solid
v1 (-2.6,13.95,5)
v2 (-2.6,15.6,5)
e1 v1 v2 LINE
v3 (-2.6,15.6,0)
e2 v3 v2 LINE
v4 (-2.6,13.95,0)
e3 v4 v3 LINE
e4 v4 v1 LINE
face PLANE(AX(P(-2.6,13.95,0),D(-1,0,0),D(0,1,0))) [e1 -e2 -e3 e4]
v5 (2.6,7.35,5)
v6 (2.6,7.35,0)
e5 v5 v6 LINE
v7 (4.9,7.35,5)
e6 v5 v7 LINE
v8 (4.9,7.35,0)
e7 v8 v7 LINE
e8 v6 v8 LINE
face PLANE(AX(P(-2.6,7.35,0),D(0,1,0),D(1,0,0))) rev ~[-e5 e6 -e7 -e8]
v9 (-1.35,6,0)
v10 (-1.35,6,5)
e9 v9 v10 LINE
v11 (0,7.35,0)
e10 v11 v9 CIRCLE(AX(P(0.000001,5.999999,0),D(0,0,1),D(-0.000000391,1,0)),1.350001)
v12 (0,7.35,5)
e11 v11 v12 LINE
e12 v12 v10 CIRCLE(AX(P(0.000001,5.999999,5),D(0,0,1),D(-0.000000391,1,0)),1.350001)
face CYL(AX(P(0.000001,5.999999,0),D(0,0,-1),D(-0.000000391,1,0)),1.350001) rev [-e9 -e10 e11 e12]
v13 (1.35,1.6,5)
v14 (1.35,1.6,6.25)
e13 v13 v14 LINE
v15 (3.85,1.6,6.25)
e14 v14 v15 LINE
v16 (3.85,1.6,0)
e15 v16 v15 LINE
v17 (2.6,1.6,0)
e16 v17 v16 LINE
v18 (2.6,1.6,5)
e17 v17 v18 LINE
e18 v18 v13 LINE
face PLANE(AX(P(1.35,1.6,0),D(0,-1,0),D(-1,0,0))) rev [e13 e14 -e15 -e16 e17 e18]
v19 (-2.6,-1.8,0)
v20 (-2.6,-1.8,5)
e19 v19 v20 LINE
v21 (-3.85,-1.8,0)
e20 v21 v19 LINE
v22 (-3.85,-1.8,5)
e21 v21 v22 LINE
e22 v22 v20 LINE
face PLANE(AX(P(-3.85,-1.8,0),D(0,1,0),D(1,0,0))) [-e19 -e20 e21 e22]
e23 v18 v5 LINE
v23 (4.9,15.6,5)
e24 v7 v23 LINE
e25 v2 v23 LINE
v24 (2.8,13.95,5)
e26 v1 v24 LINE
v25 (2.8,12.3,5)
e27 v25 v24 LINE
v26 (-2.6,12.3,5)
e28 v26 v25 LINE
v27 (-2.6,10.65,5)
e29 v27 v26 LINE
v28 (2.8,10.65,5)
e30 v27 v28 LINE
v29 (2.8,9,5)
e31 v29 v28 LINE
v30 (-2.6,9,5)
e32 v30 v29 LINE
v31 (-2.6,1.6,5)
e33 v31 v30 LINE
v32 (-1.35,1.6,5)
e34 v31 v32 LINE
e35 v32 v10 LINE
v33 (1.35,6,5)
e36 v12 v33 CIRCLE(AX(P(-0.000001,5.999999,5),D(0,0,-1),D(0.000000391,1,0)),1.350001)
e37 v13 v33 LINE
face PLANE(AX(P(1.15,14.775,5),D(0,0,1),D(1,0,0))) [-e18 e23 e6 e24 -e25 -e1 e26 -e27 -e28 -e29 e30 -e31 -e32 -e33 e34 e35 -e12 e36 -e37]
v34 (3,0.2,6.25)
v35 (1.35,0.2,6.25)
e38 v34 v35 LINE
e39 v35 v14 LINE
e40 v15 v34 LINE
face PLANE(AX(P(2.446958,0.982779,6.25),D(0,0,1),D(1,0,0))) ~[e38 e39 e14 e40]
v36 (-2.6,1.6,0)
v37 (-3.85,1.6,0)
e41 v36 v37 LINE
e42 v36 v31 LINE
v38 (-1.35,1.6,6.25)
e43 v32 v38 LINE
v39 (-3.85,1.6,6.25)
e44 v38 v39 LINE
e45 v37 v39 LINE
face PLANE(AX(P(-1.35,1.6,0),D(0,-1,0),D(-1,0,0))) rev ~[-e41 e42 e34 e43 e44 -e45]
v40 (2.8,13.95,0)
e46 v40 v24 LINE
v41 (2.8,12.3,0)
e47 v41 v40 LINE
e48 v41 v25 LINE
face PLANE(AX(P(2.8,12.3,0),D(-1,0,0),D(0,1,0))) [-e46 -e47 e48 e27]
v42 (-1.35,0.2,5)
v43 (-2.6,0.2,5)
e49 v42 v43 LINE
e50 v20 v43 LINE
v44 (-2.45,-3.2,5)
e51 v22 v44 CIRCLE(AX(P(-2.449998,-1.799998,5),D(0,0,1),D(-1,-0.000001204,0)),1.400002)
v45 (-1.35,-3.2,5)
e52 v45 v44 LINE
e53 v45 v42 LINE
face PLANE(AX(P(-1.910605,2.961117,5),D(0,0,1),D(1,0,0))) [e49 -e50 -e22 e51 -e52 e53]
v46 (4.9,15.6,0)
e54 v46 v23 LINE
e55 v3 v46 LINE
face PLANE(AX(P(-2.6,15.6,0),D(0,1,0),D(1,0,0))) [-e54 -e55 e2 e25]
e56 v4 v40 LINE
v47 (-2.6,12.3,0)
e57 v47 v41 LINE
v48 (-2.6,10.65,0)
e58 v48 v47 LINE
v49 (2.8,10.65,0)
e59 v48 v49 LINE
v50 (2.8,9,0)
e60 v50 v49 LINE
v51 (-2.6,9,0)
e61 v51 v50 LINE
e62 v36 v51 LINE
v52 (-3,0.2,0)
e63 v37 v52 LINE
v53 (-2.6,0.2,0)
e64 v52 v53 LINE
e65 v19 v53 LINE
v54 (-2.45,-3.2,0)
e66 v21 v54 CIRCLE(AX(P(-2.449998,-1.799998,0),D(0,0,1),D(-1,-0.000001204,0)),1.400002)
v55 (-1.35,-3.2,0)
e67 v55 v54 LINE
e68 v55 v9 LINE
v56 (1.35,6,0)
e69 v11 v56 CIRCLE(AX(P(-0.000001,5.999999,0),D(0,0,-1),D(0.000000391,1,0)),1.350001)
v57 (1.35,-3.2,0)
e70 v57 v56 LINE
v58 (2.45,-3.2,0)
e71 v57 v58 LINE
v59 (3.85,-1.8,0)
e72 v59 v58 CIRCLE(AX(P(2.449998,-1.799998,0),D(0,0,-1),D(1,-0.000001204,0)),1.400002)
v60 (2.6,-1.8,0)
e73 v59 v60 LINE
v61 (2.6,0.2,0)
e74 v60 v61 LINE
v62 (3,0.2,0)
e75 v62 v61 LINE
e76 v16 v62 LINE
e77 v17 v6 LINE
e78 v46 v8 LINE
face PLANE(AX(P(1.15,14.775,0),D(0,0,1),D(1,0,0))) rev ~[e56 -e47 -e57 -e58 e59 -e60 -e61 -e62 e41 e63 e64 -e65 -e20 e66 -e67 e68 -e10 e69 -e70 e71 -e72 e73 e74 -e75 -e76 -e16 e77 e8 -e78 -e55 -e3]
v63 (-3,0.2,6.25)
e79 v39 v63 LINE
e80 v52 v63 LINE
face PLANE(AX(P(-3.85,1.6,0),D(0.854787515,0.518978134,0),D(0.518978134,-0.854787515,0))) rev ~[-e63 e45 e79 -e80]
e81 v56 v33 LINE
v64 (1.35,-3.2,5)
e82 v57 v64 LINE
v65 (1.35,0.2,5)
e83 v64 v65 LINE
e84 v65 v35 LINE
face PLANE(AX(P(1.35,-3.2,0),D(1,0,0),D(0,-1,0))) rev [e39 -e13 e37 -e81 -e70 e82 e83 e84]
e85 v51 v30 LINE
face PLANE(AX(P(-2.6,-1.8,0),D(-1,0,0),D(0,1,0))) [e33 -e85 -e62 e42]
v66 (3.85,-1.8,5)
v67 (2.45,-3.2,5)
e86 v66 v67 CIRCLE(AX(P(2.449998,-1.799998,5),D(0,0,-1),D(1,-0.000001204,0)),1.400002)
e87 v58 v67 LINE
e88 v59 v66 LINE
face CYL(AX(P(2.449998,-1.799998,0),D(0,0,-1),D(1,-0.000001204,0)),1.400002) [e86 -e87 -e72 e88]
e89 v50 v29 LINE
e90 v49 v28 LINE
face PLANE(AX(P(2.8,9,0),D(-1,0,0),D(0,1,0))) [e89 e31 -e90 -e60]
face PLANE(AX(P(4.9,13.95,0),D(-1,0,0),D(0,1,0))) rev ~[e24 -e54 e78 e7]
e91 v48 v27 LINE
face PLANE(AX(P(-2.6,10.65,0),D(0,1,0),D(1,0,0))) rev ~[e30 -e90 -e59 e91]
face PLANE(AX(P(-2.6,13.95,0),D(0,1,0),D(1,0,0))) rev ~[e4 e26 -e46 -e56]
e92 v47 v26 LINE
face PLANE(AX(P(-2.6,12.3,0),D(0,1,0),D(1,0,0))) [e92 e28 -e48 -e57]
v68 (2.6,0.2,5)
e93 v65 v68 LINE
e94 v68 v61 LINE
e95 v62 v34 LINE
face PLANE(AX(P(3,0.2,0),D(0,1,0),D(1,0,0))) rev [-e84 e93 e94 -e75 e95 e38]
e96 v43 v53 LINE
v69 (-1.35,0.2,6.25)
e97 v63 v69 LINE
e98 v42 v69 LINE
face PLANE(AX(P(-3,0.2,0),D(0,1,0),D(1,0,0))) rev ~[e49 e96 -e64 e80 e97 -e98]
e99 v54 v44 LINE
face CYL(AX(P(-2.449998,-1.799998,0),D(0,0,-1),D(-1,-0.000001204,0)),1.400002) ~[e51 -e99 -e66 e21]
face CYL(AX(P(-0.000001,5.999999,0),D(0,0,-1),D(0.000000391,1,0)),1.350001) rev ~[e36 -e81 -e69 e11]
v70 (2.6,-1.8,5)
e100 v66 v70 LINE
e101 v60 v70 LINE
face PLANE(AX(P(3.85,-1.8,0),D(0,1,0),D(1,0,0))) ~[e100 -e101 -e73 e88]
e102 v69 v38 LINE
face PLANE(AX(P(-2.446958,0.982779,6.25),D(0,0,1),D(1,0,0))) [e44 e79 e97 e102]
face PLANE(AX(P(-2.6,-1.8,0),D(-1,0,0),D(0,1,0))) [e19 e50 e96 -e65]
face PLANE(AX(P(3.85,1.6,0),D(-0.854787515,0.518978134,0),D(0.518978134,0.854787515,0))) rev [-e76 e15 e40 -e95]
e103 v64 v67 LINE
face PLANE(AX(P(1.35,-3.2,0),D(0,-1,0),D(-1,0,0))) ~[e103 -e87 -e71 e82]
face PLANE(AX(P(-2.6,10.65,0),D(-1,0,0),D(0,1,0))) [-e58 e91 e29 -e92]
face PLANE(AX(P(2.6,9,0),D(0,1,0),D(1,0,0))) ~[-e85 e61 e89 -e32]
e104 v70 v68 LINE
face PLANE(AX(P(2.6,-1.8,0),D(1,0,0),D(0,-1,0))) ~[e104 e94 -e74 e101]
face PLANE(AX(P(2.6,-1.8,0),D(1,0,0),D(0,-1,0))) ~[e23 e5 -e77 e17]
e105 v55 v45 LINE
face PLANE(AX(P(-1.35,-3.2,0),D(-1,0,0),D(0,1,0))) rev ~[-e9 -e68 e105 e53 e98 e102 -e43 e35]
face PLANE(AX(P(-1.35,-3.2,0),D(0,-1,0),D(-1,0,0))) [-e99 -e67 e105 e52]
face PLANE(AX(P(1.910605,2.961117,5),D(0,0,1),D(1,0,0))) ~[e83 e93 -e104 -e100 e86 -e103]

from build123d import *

# Parameters (mm, degrees)
PAD017_DEPTH           = 5
PAD020_DEPTH           = 6.25
SKETCH112_W            = 7.5
SKETCH112_H            = 1.65
PAD082_DEPTH           = 5
SKETCH113_W            = 2.1
SKETCH113_H            = 1.65
PAD083_DEPTH           = 5
SKETCH111_W            = 7.5
SKETCH111_H            = 1.65
PAD084_DEPTH           = 5
LINEARPATTERN026_COUNT = 2
LINEARPATTERN026_PITCH = 3.3


with BuildPart() as bc_c:
    # Sketch034 → Pad017 (new body)
    with BuildSketch(Plane.XY):
        with BuildLine():
            Line((-1.35, -1.8), (-1.35, 6))
            ThreePointArc((0, 7.35), (-0.954594, 6.954594), (-1.35, 6))
            Line((0, 9), (0, 7.35))
            Line((-2.6, 9), (0, 9))
            Line((-2.6, -1.8), (-2.6, 9))
            Line((-3.85, -1.8), (-2.6, -1.8))
            ThreePointArc((-3.85, -1.8), (-3.439949, -2.789949), (-2.45, -3.2))
            Line((-1.35, -3.2), (-2.45, -3.2))
            Line((-1.35, -1.8), (-1.35, -3.2))
        make_face()
    extrude(amount=PAD017_DEPTH)

    # Sketch037 → Pad020 (join)
    with BuildSketch(Plane.XY):
        Polygon((-1.35, 0.2), (-1.35, 1.6), (-2.6, 1.6), (-3.85, 1.6), (-3, 0.2), (-2.6, 0.2), align=None)
    extrude(amount=PAD020_DEPTH)


with BuildPart() as bc_s_mirrored:
    # Mirror001: instance of _bc_c
    add(bc_c.part.mirror(Plane(origin=(0, 0, 0), x_dir=(0, 1, 0), z_dir=(-1, 0, 0))))


with BuildPart() as body042:
    # Fusion001 base: copy of _bc_c
    add(bc_c.part)

    # Fusion001: union _bc_s(mirrored)
    add(bc_s_mirrored.part)

    # Sketch112 → Pad082 (new body)
    with BuildSketch(Plane.XY):
        with Locations((1.15, 8.175)):
            Rectangle(SKETCH112_W, SKETCH112_H)
    pad082 = extrude(amount=PAD082_DEPTH)

    # Sketch113 → Pad083 (join)
    with BuildSketch(Plane.XY):
        with Locations((3.85, 9.825)):
            Rectangle(SKETCH113_W, SKETCH113_H)
    pad083 = extrude(amount=PAD083_DEPTH)

    # Sketch111 → Pad084 (join)
    with BuildSketch(Plane.XY):
        with Locations((1.15, 11.475)):
            Rectangle(SKETCH111_W, SKETCH111_H)
    pad084 = extrude(amount=PAD084_DEPTH)

    # LinearPattern026: Pad083, Pad082, Pad084 ×2
    with Locations(*[(0, i * LINEARPATTERN026_PITCH, 0) for i in range(1, LINEARPATTERN026_COUNT)]):
        add(pad083)
        add(pad082)
        add(pad084)


solid = body042.part
